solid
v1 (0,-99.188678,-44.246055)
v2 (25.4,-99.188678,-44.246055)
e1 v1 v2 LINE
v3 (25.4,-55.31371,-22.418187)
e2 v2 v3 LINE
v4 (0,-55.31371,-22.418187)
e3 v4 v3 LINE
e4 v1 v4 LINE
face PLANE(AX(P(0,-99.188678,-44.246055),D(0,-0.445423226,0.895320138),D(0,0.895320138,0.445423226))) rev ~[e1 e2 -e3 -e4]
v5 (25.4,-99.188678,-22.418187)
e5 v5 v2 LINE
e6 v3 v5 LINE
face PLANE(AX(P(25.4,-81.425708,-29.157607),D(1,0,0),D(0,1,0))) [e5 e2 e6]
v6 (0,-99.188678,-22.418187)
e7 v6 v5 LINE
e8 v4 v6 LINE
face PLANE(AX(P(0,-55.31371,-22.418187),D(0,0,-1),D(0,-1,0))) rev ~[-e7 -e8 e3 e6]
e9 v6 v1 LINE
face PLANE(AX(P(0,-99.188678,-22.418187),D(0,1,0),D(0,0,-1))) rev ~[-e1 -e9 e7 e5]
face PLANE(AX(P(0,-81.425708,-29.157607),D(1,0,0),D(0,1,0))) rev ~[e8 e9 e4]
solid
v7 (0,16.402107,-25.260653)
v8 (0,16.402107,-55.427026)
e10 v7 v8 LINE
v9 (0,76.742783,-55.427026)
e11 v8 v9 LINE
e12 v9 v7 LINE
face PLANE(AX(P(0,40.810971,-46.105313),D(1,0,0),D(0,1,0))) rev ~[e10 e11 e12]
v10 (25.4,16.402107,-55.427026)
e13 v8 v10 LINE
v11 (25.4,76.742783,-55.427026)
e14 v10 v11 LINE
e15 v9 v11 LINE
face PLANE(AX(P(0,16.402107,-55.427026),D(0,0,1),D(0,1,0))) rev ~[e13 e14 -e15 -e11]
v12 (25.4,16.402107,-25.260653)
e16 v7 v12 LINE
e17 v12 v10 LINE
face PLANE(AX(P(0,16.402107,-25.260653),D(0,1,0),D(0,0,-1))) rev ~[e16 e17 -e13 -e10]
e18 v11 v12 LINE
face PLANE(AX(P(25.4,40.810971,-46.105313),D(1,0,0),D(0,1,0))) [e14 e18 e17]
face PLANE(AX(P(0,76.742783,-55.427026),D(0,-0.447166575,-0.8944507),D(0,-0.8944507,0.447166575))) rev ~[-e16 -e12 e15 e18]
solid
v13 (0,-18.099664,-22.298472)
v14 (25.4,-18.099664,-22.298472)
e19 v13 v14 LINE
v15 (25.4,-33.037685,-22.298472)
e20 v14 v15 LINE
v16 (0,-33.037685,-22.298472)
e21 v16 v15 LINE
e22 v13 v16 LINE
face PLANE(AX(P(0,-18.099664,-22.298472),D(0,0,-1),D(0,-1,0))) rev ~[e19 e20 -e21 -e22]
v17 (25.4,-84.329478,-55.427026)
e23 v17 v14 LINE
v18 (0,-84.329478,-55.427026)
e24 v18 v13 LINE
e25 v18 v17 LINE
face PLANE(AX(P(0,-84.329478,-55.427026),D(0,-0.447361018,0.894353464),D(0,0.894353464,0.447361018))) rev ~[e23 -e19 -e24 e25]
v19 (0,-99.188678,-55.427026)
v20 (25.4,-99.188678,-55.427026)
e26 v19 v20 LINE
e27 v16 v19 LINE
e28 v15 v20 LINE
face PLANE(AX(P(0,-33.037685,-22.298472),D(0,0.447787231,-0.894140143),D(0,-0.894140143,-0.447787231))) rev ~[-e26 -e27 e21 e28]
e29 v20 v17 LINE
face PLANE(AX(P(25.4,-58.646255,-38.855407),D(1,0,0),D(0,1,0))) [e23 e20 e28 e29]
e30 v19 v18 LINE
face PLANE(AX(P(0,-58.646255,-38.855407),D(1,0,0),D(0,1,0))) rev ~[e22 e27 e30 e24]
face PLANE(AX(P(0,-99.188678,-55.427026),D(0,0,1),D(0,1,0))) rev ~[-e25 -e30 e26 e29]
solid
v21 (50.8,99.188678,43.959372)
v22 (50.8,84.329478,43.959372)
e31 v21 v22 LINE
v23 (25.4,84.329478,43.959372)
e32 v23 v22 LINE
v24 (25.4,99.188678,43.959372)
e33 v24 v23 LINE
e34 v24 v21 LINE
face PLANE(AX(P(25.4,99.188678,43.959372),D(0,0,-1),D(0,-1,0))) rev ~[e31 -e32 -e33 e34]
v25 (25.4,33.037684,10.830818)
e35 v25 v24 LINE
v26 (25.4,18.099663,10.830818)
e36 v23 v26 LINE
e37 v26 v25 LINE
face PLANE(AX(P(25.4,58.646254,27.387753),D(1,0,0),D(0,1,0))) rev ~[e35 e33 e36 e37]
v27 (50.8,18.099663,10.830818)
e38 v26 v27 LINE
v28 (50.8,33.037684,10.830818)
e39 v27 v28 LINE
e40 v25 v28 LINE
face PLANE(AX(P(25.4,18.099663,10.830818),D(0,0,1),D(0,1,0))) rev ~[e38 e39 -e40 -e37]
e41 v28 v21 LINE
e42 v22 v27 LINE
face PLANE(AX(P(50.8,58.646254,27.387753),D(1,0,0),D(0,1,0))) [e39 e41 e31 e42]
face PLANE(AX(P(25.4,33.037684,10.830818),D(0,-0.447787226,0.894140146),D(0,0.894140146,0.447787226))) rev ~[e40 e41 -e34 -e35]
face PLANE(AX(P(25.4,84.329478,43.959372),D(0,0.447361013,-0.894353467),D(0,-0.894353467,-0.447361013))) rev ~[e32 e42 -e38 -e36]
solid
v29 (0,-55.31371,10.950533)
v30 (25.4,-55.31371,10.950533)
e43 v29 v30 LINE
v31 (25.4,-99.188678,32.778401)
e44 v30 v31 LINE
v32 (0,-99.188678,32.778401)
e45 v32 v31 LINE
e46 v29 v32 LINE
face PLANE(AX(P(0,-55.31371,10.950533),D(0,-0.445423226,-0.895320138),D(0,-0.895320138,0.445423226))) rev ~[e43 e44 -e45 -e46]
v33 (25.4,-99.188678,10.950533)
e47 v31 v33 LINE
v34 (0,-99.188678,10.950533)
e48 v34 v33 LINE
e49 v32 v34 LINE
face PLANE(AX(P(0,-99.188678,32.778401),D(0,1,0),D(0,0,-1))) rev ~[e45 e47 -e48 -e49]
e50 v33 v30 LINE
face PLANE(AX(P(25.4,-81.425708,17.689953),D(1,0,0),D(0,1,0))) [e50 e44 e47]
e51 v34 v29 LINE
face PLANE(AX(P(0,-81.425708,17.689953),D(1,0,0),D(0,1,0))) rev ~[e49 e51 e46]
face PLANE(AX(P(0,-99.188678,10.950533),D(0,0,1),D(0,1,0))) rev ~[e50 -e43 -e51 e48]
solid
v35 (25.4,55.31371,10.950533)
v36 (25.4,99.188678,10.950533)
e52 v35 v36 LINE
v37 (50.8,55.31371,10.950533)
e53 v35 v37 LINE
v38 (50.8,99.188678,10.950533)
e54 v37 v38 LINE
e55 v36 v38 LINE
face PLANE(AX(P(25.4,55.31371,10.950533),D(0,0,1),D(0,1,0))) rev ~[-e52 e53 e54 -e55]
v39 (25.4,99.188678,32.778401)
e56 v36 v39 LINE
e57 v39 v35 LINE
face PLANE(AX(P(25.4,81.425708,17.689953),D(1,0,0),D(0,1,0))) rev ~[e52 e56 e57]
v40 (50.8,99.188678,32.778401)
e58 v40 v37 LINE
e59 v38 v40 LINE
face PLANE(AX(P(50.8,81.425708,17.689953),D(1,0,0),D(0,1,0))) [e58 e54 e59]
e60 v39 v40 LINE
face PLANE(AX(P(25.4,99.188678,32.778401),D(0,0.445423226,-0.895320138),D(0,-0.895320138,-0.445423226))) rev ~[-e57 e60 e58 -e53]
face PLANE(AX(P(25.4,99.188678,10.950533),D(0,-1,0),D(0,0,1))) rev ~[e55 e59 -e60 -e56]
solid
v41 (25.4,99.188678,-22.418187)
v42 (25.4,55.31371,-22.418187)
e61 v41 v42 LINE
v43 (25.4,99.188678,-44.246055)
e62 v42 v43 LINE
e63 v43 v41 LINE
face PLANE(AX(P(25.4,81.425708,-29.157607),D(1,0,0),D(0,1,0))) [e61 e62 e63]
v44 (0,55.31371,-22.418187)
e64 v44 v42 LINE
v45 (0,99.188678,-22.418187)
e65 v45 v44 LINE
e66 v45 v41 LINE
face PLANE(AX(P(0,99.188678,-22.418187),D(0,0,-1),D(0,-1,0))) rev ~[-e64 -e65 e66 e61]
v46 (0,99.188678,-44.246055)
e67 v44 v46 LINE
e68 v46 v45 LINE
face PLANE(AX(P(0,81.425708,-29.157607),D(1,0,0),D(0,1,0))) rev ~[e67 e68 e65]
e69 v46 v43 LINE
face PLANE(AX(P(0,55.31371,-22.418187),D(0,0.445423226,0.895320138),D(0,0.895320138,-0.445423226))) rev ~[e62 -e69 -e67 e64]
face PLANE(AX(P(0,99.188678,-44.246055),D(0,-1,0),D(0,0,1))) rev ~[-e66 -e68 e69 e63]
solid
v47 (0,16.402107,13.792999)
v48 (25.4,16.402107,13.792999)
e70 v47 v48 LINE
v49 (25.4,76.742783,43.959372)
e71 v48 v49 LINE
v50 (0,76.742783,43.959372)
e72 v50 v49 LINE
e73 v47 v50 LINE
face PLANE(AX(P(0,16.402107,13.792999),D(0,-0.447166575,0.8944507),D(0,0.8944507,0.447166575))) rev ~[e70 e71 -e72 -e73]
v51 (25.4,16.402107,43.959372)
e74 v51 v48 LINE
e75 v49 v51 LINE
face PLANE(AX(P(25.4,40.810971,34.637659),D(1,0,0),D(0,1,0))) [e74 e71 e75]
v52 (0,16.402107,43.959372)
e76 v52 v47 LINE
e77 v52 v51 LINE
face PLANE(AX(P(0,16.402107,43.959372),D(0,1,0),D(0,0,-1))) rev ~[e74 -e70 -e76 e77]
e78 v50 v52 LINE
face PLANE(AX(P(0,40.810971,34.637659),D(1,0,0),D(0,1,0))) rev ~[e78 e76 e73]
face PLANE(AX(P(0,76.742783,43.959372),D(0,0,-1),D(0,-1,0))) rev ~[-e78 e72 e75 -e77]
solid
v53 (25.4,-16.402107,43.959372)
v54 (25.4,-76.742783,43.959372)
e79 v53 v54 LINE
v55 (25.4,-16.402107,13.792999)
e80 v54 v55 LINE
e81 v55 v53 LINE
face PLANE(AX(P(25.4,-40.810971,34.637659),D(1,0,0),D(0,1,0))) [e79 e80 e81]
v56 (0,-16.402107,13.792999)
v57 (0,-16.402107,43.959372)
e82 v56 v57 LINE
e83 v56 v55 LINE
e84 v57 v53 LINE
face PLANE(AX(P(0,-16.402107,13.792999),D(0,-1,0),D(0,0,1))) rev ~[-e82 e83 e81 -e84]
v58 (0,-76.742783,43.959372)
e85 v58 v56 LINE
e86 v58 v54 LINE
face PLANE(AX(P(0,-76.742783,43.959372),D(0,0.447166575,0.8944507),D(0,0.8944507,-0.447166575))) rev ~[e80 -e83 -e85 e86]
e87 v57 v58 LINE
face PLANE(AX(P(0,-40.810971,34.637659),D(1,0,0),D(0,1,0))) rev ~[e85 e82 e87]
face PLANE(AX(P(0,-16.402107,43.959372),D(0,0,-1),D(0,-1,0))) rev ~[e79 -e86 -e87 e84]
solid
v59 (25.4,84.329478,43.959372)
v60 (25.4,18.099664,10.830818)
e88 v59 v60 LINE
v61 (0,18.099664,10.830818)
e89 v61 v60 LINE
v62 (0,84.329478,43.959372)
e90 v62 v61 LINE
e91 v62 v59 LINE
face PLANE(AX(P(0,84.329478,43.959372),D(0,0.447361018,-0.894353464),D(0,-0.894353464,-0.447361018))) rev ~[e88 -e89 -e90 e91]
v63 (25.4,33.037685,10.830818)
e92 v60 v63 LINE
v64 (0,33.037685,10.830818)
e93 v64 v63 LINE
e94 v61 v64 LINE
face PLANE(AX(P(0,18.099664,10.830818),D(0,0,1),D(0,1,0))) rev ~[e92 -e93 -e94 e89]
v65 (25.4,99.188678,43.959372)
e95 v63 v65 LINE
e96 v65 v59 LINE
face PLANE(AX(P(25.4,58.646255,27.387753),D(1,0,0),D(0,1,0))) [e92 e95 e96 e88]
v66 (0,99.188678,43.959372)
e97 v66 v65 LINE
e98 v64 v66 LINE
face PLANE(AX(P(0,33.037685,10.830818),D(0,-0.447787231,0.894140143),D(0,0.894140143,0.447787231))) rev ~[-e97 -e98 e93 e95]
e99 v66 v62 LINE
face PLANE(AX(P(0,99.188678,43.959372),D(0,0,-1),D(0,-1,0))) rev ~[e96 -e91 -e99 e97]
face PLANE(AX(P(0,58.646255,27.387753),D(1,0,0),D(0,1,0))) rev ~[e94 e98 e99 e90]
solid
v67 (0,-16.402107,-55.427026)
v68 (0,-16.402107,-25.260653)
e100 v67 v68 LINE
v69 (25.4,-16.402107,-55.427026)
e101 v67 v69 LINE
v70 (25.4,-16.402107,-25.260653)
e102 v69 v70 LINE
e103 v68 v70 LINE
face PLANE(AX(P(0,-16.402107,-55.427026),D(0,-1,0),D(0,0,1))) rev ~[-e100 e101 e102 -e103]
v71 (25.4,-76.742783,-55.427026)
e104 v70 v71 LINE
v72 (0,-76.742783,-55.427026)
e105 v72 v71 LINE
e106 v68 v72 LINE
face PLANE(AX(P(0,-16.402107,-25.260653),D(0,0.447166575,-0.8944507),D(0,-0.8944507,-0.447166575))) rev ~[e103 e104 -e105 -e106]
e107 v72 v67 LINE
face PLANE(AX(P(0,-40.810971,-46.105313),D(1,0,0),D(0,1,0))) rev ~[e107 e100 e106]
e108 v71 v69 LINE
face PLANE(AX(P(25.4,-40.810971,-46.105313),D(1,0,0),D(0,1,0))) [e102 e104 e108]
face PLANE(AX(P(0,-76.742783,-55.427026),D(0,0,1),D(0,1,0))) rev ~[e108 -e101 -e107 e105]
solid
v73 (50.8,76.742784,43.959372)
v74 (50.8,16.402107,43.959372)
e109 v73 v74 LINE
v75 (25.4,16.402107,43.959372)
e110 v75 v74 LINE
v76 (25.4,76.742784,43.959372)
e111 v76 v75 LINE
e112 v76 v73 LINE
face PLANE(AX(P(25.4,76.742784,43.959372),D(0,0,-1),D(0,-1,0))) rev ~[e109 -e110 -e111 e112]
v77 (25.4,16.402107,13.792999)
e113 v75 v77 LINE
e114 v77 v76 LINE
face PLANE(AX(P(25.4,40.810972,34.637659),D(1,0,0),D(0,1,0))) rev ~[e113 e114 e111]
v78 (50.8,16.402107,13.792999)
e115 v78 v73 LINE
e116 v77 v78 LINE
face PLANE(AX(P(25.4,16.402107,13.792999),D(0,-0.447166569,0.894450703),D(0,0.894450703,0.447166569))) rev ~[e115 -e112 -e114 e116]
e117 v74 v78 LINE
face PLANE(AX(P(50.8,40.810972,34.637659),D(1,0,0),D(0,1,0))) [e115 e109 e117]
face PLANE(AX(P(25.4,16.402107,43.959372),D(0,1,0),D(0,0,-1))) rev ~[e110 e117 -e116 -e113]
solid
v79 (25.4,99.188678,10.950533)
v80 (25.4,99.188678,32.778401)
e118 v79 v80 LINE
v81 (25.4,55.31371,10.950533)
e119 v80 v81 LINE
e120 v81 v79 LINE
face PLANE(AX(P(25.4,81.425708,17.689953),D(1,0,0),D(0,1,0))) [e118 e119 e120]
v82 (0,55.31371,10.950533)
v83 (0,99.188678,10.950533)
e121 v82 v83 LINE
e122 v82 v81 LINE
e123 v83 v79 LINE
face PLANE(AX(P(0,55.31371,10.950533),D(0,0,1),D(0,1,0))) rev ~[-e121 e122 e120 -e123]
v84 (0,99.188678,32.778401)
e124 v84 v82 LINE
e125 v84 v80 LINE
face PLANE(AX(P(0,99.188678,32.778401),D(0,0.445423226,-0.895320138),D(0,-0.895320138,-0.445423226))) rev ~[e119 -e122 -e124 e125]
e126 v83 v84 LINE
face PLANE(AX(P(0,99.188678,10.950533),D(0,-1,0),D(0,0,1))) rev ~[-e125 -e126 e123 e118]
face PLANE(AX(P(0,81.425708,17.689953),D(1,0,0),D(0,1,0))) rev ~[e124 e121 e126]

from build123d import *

# Parameters (mm, degrees)
F1_DEPTH = 25.4
F2_DEPTH = 25.4
F3_DEPTH = 25.4
F4_DEPTH = 25.4


with BuildPart() as f1:
    # F0 (on Right) → F1 (new body)
    with BuildSketch(Plane.YZ):
        Polygon((99.188678, 32.778401), (55.31371, 10.950533), (99.188678, 10.950533), align=None)
    extrude(amount=F1_DEPTH)


with BuildPart() as f2:
    # F0 (on Right) → F2 (new body)
    with BuildSketch(Plane.YZ):
        Polygon((18.099664, 10.830818), (33.037685, 10.830818), (99.188678, 43.959372), (84.329478, 43.959372), align=None)
    extrude(amount=F2_DEPTH)


with BuildPart() as f3:
    # F0 (on Right) → F3 (new body)
    with BuildSketch(Plane.YZ):
        Polygon((16.402107, 43.959372), (16.402107, 13.792999), (76.742783, 43.959372), align=None)
    extrude(amount=F3_DEPTH)


with BuildPart() as f4:
    # F0 (on Right) + F1_face (on face) + F3_face (on face) + F2_face (on face) → F4 (new body)
    with BuildSketch(Plane.YZ):
        Polygon((-76.742783, -55.427026), (-16.402107, -55.427026), (-16.402107, -25.260653), align=None)
        Polygon((-99.188678, -55.427026), (-84.329478, -55.427026), (-18.099664, -22.298472), (-33.037685, -22.298472), align=None)
        Polygon((-99.188678, -44.246055), (-55.31371, -22.418187), (-99.188678, -22.418187), align=None)
        Polygon((76.742783, -55.427026), (16.402107, -25.260653), (16.402107, -55.427026), align=None)
        Polygon((55.31371, -22.418187), (99.188678, -44.246055), (99.188678, -22.418187), align=None)
        Polygon((-16.402107, 13.792999), (-16.402107, 43.959372), (-76.742783, 43.959372), align=None)
        Polygon((-55.31371, 10.950533), (-99.188678, 32.778401), (-99.188678, 10.950533), align=None)
    with BuildSketch(Plane(origin=(25.4, 84.563689, 18.226489), x_dir=(0, 1, 0), z_dir=(1, 0, 0))):
        Polygon((14.624989, 14.551912), (-29.249979, -7.275956), (14.624989, -7.275956), align=None)
    with BuildSketch(Plane(origin=(25.4, 36.515666, 33.903914), x_dir=(0, 1, 0), z_dir=(1, 0, 0))):
        Polygon((-20.113559, 10.055458), (-20.113559, -20.110915), (40.227118, 10.055458), align=None)
    with BuildSketch(Plane(origin=(25.4, 58.634694, 27.380489), x_dir=(0, 1, 0), z_dir=(1, 0, 0))):
        Polygon((-40.535031, -16.549671), (-25.59701, -16.549671), (40.553984, 16.578883), (25.694784, 16.578883), align=None)
    extrude(amount=F4_DEPTH)


solid = Compound([f1.part, f2.part, f3.part, f4.part])
